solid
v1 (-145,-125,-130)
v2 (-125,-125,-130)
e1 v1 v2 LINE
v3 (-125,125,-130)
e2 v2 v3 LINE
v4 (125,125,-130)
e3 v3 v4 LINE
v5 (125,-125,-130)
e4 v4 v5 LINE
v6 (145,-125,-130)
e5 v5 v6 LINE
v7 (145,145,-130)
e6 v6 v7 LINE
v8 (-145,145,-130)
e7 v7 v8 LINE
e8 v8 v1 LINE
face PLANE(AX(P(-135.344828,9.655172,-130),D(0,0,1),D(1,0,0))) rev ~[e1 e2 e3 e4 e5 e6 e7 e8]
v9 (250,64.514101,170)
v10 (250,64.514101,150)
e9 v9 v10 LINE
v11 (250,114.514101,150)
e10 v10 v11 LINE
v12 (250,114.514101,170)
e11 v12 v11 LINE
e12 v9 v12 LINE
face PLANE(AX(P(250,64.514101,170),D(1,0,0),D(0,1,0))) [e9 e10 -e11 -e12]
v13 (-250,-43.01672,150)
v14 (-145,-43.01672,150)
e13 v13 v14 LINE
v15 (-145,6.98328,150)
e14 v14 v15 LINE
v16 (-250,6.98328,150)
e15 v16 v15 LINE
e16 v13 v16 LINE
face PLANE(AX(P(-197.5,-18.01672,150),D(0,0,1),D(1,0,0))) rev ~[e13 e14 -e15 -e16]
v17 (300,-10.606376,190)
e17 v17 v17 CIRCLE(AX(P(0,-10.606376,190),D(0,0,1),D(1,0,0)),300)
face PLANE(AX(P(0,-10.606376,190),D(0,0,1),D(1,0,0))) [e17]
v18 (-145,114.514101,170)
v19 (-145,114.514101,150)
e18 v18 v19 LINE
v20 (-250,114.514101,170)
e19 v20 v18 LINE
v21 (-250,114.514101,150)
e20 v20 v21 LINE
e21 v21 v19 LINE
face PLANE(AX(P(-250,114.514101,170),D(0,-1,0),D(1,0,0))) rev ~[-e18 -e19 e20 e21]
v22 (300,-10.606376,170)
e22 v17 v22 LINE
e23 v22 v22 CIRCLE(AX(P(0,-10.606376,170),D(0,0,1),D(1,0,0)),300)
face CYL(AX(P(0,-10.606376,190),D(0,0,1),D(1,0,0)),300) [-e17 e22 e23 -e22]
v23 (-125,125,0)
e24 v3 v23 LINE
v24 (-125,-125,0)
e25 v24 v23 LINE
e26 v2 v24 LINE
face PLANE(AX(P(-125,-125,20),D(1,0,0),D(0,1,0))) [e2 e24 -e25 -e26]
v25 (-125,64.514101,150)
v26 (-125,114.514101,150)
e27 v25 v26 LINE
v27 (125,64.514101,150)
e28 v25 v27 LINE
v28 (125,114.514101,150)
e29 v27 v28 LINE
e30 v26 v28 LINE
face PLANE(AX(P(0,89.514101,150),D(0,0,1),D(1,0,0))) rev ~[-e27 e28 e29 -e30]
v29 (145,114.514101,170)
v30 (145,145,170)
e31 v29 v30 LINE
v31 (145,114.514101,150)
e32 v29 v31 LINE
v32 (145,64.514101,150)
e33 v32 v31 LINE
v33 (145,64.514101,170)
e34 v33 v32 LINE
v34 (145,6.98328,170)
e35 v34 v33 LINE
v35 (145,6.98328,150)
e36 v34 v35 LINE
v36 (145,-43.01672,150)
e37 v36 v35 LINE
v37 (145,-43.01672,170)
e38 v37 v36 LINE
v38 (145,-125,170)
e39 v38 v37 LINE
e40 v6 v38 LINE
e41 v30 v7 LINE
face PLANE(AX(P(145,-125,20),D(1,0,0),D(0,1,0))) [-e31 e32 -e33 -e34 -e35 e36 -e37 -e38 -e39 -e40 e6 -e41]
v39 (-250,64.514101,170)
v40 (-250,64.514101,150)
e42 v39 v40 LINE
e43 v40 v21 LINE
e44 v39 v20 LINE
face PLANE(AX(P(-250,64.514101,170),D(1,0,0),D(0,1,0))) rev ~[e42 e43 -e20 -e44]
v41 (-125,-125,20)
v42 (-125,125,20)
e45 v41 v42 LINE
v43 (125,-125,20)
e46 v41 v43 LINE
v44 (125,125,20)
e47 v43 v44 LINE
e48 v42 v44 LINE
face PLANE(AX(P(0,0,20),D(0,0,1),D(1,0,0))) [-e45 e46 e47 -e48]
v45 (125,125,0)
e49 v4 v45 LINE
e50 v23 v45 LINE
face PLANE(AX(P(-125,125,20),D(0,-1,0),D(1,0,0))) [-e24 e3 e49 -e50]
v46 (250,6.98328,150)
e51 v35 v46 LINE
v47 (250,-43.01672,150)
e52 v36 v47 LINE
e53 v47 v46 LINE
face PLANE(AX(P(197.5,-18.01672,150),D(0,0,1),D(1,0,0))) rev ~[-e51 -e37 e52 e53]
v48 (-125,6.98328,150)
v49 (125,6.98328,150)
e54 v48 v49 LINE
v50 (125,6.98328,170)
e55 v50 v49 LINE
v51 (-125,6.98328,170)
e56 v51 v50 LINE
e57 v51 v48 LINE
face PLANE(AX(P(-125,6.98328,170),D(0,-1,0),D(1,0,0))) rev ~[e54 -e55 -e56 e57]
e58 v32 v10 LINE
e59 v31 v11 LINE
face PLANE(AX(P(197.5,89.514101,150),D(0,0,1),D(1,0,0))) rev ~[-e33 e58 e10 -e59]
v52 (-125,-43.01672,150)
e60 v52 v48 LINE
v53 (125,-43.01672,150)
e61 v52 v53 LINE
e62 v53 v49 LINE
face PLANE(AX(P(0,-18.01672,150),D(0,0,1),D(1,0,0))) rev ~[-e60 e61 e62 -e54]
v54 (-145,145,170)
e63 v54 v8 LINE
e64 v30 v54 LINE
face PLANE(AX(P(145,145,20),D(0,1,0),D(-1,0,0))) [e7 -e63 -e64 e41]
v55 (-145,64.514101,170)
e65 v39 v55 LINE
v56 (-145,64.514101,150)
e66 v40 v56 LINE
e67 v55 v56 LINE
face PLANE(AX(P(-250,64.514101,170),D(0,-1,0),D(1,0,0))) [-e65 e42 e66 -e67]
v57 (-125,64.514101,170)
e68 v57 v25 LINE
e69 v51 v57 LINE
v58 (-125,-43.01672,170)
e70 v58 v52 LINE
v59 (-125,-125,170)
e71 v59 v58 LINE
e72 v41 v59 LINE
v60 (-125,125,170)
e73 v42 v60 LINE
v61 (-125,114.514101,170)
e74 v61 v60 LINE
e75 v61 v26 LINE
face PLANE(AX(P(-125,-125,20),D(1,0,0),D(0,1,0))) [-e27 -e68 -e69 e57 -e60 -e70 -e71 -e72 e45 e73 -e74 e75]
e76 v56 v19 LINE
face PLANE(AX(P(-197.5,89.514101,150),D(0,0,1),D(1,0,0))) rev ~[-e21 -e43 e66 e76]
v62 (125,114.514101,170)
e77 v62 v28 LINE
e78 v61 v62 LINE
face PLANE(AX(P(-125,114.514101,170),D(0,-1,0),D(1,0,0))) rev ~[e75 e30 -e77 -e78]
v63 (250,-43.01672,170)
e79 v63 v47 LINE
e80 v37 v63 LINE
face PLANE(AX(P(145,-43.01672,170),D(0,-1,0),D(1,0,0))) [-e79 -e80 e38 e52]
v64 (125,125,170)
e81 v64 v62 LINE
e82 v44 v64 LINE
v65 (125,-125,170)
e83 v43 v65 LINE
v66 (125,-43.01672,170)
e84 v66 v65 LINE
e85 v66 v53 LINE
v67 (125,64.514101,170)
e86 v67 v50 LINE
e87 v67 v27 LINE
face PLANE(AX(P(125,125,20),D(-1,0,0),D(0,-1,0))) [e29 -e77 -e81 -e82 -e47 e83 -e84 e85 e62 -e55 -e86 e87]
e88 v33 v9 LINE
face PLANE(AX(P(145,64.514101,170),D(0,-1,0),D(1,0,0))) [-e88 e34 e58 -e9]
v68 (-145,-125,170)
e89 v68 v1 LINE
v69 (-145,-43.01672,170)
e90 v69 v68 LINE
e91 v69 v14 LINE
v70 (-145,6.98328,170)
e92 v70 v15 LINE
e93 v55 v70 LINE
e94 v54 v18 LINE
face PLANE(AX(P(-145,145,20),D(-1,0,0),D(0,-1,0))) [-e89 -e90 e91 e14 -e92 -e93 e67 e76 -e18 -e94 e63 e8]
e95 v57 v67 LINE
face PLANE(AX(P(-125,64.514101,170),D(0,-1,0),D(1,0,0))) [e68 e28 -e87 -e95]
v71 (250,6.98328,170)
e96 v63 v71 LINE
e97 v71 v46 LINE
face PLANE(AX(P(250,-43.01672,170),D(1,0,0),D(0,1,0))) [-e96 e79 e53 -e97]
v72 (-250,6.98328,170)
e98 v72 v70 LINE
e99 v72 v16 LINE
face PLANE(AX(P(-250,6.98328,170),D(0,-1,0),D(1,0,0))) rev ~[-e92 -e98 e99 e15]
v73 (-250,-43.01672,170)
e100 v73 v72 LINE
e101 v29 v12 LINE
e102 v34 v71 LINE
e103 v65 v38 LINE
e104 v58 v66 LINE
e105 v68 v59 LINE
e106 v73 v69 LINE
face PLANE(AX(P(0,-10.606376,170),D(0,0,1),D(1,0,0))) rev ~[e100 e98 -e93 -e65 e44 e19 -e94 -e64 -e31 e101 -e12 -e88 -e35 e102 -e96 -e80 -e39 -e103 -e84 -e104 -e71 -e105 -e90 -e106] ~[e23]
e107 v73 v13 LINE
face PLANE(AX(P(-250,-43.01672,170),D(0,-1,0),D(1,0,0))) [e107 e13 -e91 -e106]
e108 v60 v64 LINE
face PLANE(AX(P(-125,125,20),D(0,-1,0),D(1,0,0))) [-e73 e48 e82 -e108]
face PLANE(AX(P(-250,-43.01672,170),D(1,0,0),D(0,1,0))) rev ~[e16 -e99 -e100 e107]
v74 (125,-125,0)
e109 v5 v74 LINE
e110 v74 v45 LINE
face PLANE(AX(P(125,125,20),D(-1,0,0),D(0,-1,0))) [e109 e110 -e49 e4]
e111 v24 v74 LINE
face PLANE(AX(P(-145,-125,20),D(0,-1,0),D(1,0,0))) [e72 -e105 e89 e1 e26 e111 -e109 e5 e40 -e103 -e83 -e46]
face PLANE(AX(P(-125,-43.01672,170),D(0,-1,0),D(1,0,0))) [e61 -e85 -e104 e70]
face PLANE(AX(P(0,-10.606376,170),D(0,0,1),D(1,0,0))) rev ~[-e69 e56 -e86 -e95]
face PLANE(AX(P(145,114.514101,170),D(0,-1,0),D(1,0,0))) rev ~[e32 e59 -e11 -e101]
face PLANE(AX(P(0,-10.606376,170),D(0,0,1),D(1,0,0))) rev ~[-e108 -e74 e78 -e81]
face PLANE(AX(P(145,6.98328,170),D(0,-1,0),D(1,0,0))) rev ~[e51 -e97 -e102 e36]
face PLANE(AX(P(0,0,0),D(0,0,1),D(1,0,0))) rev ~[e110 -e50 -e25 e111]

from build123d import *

# Parameters (mm, degrees)
F0_W     = 250
F0_H     = 250
F1_DEPTH = 20
F2_W     = 10
F2_H     = 20
F2_W_2   = 250
F2_W_3   = 9.5461905003
F3_DEPTH = 150
F4_W     = 105
F4_H     = 50
F4_W_2   = 250
F5_DEPTH = 20
F7_R     = 300
F8_DEPTH = 20


with BuildPart() as f1:
    # F0 (on Top) → F1 (new body)
    with BuildSketch(Plane.XY):
        Rectangle(F0_W, F0_H)
    extrude(amount=F1_DEPTH)

    # F2 (on face) → F3 (join, symmetric)
    with BuildSketch(Plane.XY.offset(20)):
        Polygon((-145, -125), (-125, -125), (-125, 125), (-135, 125), (-135, 145), (-145, 145), align=None)
        with Locations((-130, 135)):
            Rectangle(F2_W, F2_H)
        with Locations((0, 135)):
            Rectangle(F2_W_2, F2_H)
        with Locations((129.7730952501, 135)):
            Rectangle(F2_W_3, F2_H)
        Polygon((125, 125), (125, -125), (145, -125), (145, 145), (134.5461905003, 145), (134.5461905003, 125), align=None)
    extrude(amount=F3_DEPTH, both=True)

    # F4 (on face) → F5 (join)
    with BuildSketch(Plane.XY.offset(170)):
        with Locations((-197.5, 89.5141008463)):
            Rectangle(F4_W, F4_H)
        with Locations((-197.5, -18.0167201906)):
            Rectangle(F4_W, F4_H)
        with Locations((0, -18.0167201906)):
            Rectangle(F4_W_2, F4_H)
        with Locations((0, 89.5141008463)):
            Rectangle(F4_W_2, F4_H)
        with Locations((197.5, 89.5141008463)):
            Rectangle(F4_W, F4_H)
        with Locations((197.5, -18.0167201906)):
            Rectangle(F4_W, F4_H)
    extrude(amount=-F5_DEPTH)

    # F7 (on offset) → F8 (join)
    with BuildSketch(Plane.XY.offset(190)):
        with Locations((0, -10.6063758958)):
            Circle(F7_R)
    extrude(amount=-F8_DEPTH)


solid = f1.part
